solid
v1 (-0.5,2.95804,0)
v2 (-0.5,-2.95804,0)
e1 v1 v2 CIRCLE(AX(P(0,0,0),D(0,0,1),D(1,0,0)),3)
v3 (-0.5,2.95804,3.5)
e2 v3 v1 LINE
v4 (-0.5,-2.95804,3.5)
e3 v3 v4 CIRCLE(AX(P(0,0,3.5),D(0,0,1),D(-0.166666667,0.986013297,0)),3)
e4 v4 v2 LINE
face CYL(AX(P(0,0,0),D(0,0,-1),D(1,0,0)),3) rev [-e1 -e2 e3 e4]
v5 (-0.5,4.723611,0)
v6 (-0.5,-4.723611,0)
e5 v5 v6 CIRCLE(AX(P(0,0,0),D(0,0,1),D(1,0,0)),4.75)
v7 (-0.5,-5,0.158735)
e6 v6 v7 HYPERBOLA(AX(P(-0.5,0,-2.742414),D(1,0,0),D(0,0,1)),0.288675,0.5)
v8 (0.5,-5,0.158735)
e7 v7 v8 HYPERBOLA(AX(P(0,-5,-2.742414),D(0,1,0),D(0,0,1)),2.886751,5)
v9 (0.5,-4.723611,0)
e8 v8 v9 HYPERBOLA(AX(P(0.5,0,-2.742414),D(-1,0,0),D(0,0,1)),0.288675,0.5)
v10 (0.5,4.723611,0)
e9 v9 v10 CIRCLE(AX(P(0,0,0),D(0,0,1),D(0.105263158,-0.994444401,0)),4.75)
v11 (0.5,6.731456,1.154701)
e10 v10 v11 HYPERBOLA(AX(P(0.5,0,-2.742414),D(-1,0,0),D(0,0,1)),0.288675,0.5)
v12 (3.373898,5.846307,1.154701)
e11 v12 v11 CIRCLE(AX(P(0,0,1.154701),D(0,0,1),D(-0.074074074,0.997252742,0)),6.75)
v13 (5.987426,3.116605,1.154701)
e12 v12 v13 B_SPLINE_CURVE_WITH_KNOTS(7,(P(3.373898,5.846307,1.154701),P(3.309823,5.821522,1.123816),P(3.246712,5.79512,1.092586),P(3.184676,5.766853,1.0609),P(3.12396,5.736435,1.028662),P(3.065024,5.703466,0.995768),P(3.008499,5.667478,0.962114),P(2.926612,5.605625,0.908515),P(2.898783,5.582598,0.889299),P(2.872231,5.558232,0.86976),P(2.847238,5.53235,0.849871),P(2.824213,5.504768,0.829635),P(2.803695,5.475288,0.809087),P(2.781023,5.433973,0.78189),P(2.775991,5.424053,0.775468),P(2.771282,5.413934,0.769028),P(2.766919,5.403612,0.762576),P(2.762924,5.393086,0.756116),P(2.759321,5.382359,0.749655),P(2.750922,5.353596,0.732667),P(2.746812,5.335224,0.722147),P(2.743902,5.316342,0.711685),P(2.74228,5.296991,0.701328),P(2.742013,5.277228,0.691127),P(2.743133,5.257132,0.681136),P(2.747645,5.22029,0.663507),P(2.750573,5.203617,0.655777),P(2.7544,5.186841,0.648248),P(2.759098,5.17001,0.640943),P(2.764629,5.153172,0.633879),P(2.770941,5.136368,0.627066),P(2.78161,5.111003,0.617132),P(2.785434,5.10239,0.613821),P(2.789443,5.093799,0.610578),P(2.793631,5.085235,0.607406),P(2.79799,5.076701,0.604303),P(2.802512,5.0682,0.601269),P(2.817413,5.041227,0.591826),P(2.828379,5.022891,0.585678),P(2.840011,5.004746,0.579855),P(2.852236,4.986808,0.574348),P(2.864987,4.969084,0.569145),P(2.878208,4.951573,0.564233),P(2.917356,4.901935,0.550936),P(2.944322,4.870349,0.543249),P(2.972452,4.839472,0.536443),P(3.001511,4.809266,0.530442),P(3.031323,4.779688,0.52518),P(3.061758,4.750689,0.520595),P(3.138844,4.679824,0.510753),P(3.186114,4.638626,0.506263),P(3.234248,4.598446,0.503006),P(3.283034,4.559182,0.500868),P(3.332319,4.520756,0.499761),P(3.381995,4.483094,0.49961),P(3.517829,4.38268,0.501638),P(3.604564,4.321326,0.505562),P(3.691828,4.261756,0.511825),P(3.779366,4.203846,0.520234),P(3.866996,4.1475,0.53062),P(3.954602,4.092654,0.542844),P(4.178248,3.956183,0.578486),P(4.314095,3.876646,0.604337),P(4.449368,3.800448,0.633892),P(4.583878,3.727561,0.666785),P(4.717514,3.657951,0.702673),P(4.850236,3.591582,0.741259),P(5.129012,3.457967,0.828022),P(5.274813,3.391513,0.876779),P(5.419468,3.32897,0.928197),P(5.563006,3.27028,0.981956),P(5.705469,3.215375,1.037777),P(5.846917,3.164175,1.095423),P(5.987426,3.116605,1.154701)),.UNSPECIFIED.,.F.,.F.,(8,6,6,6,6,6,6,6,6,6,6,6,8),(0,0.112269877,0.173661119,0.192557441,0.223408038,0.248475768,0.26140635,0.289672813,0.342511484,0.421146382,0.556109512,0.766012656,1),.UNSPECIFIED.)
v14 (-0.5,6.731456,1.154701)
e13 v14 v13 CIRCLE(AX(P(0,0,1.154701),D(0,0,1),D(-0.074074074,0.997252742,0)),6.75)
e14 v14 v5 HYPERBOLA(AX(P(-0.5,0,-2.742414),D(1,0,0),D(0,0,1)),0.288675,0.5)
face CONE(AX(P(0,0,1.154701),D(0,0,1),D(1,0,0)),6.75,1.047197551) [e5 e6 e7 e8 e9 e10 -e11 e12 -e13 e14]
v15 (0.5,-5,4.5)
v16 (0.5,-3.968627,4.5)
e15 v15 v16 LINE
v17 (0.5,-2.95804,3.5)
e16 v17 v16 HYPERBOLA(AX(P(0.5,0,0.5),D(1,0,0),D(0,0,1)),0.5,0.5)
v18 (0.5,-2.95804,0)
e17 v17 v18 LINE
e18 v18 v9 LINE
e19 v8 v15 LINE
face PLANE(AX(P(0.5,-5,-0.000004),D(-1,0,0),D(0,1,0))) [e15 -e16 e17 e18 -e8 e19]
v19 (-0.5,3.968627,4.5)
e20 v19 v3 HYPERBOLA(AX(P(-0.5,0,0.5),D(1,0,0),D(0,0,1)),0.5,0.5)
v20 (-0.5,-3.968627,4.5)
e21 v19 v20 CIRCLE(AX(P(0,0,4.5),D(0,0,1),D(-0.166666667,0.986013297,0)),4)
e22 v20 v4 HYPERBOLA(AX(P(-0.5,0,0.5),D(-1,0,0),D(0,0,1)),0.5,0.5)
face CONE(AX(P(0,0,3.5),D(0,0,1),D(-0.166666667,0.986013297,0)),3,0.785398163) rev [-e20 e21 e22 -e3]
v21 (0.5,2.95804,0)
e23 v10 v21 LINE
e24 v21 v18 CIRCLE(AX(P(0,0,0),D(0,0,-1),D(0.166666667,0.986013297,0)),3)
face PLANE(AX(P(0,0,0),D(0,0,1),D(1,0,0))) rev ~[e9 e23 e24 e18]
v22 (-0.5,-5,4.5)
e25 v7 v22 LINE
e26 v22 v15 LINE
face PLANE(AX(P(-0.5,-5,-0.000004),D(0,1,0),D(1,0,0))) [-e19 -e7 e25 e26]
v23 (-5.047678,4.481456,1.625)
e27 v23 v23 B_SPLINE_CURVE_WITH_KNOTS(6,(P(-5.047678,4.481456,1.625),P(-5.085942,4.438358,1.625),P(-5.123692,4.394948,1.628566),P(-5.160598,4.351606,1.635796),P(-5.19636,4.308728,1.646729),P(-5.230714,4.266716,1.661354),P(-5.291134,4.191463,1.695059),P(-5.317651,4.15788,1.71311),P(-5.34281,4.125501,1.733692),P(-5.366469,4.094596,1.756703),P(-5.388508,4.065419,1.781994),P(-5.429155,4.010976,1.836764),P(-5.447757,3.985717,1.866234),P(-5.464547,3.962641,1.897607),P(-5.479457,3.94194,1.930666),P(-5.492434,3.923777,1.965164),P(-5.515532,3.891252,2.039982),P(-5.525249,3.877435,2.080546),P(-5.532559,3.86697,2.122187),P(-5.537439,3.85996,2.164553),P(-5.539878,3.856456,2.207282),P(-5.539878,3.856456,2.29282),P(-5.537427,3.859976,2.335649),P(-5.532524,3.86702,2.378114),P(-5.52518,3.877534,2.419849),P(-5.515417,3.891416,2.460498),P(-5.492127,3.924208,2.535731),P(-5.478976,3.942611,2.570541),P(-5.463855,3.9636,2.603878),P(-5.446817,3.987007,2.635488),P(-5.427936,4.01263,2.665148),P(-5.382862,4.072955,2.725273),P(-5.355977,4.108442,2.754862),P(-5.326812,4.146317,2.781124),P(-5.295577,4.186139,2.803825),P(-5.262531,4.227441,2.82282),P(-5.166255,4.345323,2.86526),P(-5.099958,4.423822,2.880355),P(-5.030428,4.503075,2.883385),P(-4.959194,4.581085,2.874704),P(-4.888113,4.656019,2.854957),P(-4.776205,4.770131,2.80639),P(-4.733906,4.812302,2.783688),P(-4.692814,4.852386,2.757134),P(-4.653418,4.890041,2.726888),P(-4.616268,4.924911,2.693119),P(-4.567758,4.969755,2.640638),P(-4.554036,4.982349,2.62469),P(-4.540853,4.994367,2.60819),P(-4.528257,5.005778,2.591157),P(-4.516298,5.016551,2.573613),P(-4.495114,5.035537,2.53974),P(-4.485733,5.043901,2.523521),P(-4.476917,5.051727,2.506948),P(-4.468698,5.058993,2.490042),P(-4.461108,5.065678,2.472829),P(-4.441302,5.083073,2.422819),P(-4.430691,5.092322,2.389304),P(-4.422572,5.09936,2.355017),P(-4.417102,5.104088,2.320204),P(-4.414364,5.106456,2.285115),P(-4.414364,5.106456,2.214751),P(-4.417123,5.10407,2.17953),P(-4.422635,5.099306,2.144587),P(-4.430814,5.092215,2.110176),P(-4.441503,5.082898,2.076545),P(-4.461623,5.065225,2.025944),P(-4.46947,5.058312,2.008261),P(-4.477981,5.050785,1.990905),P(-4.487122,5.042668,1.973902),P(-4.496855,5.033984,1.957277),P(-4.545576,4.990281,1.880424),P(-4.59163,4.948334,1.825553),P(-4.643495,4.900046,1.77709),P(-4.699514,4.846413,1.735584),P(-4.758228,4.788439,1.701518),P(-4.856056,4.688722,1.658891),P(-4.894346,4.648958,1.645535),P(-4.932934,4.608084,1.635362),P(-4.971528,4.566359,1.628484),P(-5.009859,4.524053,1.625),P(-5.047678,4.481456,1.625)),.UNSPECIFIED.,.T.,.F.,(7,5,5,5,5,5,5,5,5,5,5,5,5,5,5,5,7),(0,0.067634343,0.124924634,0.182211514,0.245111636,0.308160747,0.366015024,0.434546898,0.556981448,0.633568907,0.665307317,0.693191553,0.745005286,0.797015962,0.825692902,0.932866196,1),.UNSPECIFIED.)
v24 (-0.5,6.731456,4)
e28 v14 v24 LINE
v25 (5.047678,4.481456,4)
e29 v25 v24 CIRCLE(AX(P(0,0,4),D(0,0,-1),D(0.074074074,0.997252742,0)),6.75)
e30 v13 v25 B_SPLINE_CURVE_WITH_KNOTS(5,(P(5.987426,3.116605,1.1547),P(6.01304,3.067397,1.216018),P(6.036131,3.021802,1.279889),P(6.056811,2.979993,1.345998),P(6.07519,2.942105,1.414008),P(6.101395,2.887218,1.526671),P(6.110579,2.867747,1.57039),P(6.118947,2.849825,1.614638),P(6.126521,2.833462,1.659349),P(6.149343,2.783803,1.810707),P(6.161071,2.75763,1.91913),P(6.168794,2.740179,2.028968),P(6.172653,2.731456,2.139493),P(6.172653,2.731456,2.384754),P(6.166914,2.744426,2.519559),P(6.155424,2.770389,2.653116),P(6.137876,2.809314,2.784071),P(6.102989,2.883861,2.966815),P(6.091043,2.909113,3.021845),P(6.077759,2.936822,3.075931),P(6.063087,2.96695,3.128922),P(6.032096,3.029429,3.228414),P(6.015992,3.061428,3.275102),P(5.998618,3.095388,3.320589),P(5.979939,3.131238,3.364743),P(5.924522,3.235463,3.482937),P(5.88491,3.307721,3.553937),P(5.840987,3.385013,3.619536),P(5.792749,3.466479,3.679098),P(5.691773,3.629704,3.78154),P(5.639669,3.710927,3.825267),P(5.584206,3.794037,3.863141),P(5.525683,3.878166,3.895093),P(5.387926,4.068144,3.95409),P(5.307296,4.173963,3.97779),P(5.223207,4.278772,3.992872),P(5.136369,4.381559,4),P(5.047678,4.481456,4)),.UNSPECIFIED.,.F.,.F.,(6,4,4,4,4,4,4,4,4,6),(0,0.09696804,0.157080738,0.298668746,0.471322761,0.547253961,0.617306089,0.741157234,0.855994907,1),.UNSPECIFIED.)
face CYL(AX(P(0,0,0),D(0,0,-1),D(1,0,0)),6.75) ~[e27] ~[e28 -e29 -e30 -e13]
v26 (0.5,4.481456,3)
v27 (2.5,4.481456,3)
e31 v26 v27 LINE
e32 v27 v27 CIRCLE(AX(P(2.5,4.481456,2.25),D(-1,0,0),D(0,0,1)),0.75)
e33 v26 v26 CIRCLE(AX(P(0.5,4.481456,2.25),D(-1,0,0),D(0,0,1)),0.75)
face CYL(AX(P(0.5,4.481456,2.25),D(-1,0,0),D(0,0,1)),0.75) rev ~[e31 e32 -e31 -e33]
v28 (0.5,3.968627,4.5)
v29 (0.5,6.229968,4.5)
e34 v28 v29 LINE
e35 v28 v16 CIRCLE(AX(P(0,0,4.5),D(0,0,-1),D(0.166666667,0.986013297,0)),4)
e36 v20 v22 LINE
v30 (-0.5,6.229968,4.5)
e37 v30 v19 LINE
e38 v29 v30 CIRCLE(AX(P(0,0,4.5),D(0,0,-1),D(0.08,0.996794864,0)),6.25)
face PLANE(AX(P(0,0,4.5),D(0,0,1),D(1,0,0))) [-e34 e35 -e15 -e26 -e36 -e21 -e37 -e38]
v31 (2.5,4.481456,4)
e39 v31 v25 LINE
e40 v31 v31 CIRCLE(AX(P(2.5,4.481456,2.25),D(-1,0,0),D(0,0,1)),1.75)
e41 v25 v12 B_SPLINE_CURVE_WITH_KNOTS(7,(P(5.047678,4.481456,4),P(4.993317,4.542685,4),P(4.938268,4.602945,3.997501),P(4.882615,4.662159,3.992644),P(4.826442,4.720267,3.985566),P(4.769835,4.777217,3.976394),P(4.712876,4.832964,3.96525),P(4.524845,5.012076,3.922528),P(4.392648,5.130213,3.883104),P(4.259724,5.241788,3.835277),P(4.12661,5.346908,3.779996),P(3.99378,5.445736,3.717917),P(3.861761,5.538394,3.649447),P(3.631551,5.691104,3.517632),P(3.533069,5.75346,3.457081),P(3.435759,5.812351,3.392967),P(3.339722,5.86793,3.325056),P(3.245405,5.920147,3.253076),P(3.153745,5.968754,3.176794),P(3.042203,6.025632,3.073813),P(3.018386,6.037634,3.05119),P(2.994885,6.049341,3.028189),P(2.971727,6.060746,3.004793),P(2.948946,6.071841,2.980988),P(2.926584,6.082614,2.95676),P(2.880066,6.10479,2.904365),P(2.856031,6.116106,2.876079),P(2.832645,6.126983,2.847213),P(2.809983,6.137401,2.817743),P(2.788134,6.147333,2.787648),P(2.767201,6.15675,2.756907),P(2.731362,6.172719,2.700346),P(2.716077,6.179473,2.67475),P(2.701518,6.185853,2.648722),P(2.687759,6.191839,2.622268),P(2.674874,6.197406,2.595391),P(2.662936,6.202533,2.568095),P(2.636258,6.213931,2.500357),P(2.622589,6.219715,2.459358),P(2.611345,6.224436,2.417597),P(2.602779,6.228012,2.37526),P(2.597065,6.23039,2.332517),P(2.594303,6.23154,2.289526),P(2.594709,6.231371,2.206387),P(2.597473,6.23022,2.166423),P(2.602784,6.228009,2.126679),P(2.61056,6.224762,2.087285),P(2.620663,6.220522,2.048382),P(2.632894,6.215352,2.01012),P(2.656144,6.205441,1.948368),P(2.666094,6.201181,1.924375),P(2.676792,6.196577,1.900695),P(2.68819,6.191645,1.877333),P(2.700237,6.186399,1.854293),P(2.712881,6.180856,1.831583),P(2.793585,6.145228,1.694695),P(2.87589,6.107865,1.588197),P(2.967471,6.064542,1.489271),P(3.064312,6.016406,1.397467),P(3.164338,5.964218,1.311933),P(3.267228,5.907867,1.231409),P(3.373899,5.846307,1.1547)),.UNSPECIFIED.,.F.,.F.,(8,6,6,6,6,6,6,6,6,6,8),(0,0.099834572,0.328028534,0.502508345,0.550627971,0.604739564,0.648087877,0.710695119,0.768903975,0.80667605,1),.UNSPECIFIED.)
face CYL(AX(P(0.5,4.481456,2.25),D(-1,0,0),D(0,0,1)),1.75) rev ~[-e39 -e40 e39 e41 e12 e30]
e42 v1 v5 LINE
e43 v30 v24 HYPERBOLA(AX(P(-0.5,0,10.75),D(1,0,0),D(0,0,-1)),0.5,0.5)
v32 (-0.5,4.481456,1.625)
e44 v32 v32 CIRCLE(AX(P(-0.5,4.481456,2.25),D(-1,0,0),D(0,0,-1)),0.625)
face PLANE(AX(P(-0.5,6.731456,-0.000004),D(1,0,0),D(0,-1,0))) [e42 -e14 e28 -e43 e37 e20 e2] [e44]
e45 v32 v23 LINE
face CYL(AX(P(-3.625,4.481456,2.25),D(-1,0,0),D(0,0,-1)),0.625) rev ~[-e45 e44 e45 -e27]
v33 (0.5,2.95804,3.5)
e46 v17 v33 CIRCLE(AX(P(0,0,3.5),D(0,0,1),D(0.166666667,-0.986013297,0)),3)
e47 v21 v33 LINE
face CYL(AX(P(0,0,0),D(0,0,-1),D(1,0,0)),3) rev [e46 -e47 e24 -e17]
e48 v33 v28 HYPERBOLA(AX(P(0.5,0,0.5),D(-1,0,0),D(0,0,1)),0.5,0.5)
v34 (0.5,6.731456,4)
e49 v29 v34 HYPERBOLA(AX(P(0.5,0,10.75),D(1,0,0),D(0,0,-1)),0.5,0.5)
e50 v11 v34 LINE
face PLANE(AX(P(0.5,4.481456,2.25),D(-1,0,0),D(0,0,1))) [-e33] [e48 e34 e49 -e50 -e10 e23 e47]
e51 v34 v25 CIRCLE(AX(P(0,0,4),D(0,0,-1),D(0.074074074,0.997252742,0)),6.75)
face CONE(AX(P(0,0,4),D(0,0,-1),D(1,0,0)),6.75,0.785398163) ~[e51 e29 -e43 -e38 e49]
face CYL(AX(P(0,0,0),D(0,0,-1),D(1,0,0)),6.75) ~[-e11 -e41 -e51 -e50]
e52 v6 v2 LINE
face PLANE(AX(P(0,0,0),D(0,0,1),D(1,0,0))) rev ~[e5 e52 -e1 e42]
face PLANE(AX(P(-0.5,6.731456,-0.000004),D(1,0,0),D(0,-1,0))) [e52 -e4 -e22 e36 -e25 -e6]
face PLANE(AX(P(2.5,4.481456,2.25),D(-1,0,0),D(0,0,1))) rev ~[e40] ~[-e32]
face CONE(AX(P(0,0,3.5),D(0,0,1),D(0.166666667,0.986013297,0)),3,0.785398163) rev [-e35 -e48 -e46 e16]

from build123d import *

# Parameters (mm, degrees)
ESQUISSE1_R             = 6.75
ESQUISSE1_R_2           = 3
EXTRUSION1_DEPTH        = 4.5
CHANFREIN1_SIZE         = 2
CHANFREIN1_SIZE2        = 1.154700538
ENL_V_START             = -4.500004
ENL_V_MAT_EXTRU_1_DEPTH = 4.500004
CHANFREIN3_SIZE         = 0.5
ESQUISSE7_W             = 0.625
ESQUISSE7_H             = 6.25
ENL_V_MAT_EXTRU_3_REACH = 8.25
ESQUISSE8_R             = 1.75
ESQUISSE9_R             = 1.75
ESQUISSE9_R_2           = 0.75
EXTRUSION2_DEPTH        = 2
CHANFREIN4_SIZE         = 1
ESQUISSE10_R            = 3
ENL_V_MAT_EXTRU_4_DEPTH = 5.5000001


with BuildPart() as part:
    # Esquisse1 → Extrusion1 (new body)
    with BuildSketch(Plane.XY):
        Circle(ESQUISSE1_R)
        Circle(ESQUISSE1_R_2, mode=Mode.SUBTRACT)
    extrude(amount=EXTRUSION1_DEPTH)

    # Chanfrein1
    chanfrein1_edges = [part.edges().sort_by_distance(p)[0] for p in [
        (-6.75, 0, 0),
    ]]
    chanfrein1_side = [part.faces().sort_by_distance(p)[0] for p in [
        (-6.559081169, 0, 0),
    ]]
    chamfer(chanfrein1_edges, length=CHANFREIN1_SIZE, length2=CHANFREIN1_SIZE2, reference=chanfrein1_side[0])

    # Esquisse3 → Enlèv. mat.-Extru.1 (cut)
    with BuildSketch(Plane.XY.offset(4.5).offset(ENL_V_START)):
        with BuildLine():
            Line((-0.5, 6.731456009), (-0.5, -5))
            Line((-0.5, -5), (0.5, -5))
            Line((0.5, -5), (0.5, 6.731456009))
            ThreePointArc((0.5, 6.731456009), (0, 6.75), (-0.5, 6.731456009))
        make_face()
    extrude(amount=ENL_V_MAT_EXTRU_1_DEPTH, mode=Mode.SUBTRACT)

    # Chanfrein3
    chanfrein3_edges = [part.edges().sort_by_distance(p)[0] for p in [
        (-4.592793268, -4.946589734, 4.5),
    ]]
    chamfer(chanfrein3_edges, length=CHANFREIN3_SIZE)

    # Esquisse7 → Trou taraudé M1.61 (revolve, cut)
    with BuildSketch(Plane(origin=(-0.5, 4.481456009, 2.25), x_dir=(0, 0, -1), z_dir=(0, 1, 0))):
        with Locations((0.3125, 3.125)):
            Rectangle(ESQUISSE7_W, ESQUISSE7_H)
    revolve(axis=Axis((5.85, 4.481456009, 2.25), (-1, 0, 0)), mode=Mode.SUBTRACT)

    # Esquisse8 → Enlèv. mat.-Extru.3 (cut, up to next)
    with BuildSketch(Plane.ZY.offset(-0.5), mode=Mode.PRIVATE) as enl_v_mat_extru_3_sk1:
        with Locations((2.25, 4.481456009)):
            Circle(ESQUISSE8_R)
    enl_v_mat_extru_3_tool1 = extrude(enl_v_mat_extru_3_sk1.sketch, amount=-ENL_V_MAT_EXTRU_3_REACH, mode=Mode.PRIVATE) & part.part
    add(enl_v_mat_extru_3_tool1.solids().sort_by_distance((0.5, 4.481456, 2.25))[0], mode=Mode.SUBTRACT)

    # Esquisse9 → Extrusion2 (add)
    with BuildSketch(Plane.ZY.offset(-0.5)):
        with Locations((2.25, 4.481456009)):
            Circle(ESQUISSE9_R)
        with Locations((2.25, 4.481456009)):
            Circle(ESQUISSE9_R_2, mode=Mode.SUBTRACT)
    extrude(amount=-EXTRUSION2_DEPTH)

    # Chanfrein4
    chanfrein4_edges = [part.edges().sort_by_distance(p)[0] for p in [
        (-3, 0, 4.5),
        (3, 0, 4.5),
    ]]
    chamfer(chanfrein4_edges, length=CHANFREIN4_SIZE)

    # Esquisse10 → Enlèv. mat.-Extru.4 (cut, through all)
    with BuildSketch(Plane.XY.offset(4.5)):
        Circle(ESQUISSE10_R)
    extrude(amount=-ENL_V_MAT_EXTRU_4_DEPTH, mode=Mode.SUBTRACT)


solid = part.part
